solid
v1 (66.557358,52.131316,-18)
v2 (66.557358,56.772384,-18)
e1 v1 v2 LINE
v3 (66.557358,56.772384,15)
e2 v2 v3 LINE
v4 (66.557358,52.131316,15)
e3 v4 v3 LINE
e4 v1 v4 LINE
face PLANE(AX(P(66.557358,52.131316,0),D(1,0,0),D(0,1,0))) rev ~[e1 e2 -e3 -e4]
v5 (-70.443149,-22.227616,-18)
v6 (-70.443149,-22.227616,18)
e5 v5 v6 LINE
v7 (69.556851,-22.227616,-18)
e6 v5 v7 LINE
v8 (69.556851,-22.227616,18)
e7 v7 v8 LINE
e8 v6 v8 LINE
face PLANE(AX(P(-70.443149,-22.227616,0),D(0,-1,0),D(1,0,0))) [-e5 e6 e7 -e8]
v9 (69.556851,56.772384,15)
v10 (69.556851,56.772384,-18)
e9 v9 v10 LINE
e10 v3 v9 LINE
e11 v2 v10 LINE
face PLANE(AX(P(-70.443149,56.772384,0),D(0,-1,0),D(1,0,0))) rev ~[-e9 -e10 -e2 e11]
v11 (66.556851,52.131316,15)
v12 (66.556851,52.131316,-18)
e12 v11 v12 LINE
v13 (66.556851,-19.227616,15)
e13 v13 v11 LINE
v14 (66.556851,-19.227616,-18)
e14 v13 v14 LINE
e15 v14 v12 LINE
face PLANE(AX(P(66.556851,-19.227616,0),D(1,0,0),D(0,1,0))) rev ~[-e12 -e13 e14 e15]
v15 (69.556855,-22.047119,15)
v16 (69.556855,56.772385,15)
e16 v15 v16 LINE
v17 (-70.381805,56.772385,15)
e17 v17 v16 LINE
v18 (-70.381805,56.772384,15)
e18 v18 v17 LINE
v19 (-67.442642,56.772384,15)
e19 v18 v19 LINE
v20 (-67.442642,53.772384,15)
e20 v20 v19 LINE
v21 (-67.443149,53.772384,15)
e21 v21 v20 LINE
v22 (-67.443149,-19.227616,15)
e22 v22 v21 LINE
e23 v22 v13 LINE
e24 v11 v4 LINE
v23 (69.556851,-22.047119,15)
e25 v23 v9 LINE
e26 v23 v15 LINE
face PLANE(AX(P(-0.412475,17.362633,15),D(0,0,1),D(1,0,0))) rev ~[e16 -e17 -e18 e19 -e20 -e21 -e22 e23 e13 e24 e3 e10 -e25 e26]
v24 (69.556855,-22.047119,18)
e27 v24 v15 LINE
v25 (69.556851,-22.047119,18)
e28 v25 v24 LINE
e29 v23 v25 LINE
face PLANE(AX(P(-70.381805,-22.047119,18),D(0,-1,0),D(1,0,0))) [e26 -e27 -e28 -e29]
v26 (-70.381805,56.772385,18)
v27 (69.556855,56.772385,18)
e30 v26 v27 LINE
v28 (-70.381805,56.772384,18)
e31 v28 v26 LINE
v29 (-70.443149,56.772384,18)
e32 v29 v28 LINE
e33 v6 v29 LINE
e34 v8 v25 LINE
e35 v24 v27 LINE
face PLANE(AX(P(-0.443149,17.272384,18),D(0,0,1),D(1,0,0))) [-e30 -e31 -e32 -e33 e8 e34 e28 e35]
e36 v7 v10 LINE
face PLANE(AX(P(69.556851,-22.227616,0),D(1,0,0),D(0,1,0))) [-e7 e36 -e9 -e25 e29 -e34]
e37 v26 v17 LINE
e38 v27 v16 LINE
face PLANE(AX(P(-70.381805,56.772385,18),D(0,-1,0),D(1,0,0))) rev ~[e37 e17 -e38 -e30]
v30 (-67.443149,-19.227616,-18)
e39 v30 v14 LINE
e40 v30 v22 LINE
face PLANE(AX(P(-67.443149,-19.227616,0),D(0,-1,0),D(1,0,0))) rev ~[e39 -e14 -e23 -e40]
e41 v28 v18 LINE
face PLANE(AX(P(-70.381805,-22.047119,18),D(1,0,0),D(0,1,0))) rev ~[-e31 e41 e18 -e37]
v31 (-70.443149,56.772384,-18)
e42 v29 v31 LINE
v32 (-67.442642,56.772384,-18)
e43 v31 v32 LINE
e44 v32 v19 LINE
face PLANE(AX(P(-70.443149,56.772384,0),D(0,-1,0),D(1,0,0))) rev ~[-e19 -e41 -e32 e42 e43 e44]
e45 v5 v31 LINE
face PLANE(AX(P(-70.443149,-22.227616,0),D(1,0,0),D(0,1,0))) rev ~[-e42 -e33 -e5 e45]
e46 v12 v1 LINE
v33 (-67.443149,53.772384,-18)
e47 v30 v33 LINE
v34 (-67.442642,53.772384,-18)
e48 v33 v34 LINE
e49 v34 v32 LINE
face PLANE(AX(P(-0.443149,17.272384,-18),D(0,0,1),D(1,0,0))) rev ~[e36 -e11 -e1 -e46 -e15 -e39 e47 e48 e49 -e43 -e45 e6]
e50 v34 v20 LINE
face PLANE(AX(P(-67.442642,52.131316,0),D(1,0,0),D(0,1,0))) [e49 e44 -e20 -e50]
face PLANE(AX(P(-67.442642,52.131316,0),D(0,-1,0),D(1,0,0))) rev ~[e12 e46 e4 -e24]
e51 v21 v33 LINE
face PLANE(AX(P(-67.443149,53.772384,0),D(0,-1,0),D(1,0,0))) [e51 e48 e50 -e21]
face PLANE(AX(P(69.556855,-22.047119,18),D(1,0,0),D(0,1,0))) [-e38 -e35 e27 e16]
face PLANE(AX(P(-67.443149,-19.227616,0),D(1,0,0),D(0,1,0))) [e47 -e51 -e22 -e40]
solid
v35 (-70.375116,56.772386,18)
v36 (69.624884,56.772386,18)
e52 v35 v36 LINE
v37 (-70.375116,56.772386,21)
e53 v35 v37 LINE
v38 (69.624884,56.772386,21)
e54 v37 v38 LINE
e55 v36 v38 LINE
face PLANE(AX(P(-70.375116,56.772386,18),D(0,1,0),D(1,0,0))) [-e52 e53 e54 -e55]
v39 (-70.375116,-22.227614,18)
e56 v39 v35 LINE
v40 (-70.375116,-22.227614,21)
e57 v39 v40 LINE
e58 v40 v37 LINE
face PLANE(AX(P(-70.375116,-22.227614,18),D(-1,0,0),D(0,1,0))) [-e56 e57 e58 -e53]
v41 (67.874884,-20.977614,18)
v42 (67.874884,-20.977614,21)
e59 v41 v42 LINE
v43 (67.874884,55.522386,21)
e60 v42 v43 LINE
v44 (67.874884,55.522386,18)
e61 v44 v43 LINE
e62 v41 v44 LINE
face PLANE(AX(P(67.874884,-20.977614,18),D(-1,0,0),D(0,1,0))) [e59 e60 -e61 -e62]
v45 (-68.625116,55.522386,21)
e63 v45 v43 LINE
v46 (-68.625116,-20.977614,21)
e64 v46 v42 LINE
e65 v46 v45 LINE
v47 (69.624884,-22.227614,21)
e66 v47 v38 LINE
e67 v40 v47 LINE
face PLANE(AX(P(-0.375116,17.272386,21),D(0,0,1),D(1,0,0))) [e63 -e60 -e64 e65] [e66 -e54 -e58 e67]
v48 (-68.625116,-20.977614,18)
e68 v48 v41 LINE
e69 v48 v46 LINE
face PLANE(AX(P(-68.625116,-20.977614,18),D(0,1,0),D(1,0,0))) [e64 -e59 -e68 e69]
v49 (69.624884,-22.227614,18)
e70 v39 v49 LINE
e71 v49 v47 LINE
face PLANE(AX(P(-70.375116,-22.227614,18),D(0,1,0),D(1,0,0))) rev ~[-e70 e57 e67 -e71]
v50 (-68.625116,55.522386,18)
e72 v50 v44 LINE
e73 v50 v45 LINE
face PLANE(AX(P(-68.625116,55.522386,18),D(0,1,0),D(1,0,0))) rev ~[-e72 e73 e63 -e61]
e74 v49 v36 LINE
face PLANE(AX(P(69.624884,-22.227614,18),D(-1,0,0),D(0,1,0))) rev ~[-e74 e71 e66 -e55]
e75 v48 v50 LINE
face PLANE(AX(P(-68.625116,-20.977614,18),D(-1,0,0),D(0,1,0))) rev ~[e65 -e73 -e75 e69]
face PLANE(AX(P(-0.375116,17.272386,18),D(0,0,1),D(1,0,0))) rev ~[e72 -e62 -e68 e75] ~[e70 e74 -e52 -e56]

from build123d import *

# Parameters (mm, degrees)
SKETCH001_W           = 134
SKETCH001_H           = 5
EXTRUDE007_DEPTH      = 15
EXTRUDE007_DEPTH_BACK = 18
SKETCH_W              = 140
SKETCH_H              = 79
SKETCH_W_2            = 134
SKETCH_H_2            = 73
EXTRUDE_DEPTH         = 18
RECTANGLE_W           = 139.93866
RECTANGLE_H           = 78.819504
EXTRUDE006_DEPTH      = 3
SKETCH002_W           = 140
SKETCH002_H           = 79
SKETCH002_W_2         = 136.5
SKETCH002_H_2         = 76.5
EXTRUDE008_DEPTH      = 3


with BuildPart() as extrude007:
    # Sketch001 → Extrude007 (new body, two sides)
    with BuildSketch(Plane.XY) as extrude007_sk:
        with Locations((-0.442642, 54.631316)):
            Rectangle(SKETCH001_W, SKETCH001_H)
    extrude(amount=EXTRUDE007_DEPTH)
    extrude(extrude007_sk.sketch, amount=-EXTRUDE007_DEPTH_BACK)


with BuildPart() as extrude_body:
    # Sketch → Extrude (new body, symmetric)
    with BuildSketch(Plane.XY):
        with Locations((-0.443149, 17.272384)):
            Rectangle(SKETCH_W, SKETCH_H)
        with Locations((-0.443149, 17.272384)):
            Rectangle(SKETCH_W_2, SKETCH_H_2, mode=Mode.SUBTRACT)
    extrude(amount=EXTRUDE_DEPTH, both=True)


with BuildPart() as cut:
    # Rectangle → Extrude006 (new body)
    with BuildSketch(Plane(origin=(-70.381805, -22.047119, 18), x_dir=(1, 0, 0), z_dir=(0, 0, 1))):
        with Locations((69.96933, 39.409752)):
            Rectangle(RECTANGLE_W, RECTANGLE_H)
    extrude(amount=-EXTRUDE006_DEPTH)

    # Connect: union Extrude body
    add(extrude_body.part)

    # Cut: cut Extrude007
    add(extrude007.part, mode=Mode.SUBTRACT)


with BuildPart() as extrude008:
    # Sketch002 → Extrude008 (new body)
    with BuildSketch(Plane(origin=(-0.276695, 0.323605, 18), x_dir=(1, 0, 0), z_dir=(0, 0, 1))):
        with Locations((-0.098421, 16.948781)):
            Rectangle(SKETCH002_W, SKETCH002_H)
        with Locations((-0.098421, 16.948781)):
            Rectangle(SKETCH002_W_2, SKETCH002_H_2, mode=Mode.SUBTRACT)
    extrude(amount=EXTRUDE008_DEPTH)


solid = Compound([cut.part, extrude008.part])
